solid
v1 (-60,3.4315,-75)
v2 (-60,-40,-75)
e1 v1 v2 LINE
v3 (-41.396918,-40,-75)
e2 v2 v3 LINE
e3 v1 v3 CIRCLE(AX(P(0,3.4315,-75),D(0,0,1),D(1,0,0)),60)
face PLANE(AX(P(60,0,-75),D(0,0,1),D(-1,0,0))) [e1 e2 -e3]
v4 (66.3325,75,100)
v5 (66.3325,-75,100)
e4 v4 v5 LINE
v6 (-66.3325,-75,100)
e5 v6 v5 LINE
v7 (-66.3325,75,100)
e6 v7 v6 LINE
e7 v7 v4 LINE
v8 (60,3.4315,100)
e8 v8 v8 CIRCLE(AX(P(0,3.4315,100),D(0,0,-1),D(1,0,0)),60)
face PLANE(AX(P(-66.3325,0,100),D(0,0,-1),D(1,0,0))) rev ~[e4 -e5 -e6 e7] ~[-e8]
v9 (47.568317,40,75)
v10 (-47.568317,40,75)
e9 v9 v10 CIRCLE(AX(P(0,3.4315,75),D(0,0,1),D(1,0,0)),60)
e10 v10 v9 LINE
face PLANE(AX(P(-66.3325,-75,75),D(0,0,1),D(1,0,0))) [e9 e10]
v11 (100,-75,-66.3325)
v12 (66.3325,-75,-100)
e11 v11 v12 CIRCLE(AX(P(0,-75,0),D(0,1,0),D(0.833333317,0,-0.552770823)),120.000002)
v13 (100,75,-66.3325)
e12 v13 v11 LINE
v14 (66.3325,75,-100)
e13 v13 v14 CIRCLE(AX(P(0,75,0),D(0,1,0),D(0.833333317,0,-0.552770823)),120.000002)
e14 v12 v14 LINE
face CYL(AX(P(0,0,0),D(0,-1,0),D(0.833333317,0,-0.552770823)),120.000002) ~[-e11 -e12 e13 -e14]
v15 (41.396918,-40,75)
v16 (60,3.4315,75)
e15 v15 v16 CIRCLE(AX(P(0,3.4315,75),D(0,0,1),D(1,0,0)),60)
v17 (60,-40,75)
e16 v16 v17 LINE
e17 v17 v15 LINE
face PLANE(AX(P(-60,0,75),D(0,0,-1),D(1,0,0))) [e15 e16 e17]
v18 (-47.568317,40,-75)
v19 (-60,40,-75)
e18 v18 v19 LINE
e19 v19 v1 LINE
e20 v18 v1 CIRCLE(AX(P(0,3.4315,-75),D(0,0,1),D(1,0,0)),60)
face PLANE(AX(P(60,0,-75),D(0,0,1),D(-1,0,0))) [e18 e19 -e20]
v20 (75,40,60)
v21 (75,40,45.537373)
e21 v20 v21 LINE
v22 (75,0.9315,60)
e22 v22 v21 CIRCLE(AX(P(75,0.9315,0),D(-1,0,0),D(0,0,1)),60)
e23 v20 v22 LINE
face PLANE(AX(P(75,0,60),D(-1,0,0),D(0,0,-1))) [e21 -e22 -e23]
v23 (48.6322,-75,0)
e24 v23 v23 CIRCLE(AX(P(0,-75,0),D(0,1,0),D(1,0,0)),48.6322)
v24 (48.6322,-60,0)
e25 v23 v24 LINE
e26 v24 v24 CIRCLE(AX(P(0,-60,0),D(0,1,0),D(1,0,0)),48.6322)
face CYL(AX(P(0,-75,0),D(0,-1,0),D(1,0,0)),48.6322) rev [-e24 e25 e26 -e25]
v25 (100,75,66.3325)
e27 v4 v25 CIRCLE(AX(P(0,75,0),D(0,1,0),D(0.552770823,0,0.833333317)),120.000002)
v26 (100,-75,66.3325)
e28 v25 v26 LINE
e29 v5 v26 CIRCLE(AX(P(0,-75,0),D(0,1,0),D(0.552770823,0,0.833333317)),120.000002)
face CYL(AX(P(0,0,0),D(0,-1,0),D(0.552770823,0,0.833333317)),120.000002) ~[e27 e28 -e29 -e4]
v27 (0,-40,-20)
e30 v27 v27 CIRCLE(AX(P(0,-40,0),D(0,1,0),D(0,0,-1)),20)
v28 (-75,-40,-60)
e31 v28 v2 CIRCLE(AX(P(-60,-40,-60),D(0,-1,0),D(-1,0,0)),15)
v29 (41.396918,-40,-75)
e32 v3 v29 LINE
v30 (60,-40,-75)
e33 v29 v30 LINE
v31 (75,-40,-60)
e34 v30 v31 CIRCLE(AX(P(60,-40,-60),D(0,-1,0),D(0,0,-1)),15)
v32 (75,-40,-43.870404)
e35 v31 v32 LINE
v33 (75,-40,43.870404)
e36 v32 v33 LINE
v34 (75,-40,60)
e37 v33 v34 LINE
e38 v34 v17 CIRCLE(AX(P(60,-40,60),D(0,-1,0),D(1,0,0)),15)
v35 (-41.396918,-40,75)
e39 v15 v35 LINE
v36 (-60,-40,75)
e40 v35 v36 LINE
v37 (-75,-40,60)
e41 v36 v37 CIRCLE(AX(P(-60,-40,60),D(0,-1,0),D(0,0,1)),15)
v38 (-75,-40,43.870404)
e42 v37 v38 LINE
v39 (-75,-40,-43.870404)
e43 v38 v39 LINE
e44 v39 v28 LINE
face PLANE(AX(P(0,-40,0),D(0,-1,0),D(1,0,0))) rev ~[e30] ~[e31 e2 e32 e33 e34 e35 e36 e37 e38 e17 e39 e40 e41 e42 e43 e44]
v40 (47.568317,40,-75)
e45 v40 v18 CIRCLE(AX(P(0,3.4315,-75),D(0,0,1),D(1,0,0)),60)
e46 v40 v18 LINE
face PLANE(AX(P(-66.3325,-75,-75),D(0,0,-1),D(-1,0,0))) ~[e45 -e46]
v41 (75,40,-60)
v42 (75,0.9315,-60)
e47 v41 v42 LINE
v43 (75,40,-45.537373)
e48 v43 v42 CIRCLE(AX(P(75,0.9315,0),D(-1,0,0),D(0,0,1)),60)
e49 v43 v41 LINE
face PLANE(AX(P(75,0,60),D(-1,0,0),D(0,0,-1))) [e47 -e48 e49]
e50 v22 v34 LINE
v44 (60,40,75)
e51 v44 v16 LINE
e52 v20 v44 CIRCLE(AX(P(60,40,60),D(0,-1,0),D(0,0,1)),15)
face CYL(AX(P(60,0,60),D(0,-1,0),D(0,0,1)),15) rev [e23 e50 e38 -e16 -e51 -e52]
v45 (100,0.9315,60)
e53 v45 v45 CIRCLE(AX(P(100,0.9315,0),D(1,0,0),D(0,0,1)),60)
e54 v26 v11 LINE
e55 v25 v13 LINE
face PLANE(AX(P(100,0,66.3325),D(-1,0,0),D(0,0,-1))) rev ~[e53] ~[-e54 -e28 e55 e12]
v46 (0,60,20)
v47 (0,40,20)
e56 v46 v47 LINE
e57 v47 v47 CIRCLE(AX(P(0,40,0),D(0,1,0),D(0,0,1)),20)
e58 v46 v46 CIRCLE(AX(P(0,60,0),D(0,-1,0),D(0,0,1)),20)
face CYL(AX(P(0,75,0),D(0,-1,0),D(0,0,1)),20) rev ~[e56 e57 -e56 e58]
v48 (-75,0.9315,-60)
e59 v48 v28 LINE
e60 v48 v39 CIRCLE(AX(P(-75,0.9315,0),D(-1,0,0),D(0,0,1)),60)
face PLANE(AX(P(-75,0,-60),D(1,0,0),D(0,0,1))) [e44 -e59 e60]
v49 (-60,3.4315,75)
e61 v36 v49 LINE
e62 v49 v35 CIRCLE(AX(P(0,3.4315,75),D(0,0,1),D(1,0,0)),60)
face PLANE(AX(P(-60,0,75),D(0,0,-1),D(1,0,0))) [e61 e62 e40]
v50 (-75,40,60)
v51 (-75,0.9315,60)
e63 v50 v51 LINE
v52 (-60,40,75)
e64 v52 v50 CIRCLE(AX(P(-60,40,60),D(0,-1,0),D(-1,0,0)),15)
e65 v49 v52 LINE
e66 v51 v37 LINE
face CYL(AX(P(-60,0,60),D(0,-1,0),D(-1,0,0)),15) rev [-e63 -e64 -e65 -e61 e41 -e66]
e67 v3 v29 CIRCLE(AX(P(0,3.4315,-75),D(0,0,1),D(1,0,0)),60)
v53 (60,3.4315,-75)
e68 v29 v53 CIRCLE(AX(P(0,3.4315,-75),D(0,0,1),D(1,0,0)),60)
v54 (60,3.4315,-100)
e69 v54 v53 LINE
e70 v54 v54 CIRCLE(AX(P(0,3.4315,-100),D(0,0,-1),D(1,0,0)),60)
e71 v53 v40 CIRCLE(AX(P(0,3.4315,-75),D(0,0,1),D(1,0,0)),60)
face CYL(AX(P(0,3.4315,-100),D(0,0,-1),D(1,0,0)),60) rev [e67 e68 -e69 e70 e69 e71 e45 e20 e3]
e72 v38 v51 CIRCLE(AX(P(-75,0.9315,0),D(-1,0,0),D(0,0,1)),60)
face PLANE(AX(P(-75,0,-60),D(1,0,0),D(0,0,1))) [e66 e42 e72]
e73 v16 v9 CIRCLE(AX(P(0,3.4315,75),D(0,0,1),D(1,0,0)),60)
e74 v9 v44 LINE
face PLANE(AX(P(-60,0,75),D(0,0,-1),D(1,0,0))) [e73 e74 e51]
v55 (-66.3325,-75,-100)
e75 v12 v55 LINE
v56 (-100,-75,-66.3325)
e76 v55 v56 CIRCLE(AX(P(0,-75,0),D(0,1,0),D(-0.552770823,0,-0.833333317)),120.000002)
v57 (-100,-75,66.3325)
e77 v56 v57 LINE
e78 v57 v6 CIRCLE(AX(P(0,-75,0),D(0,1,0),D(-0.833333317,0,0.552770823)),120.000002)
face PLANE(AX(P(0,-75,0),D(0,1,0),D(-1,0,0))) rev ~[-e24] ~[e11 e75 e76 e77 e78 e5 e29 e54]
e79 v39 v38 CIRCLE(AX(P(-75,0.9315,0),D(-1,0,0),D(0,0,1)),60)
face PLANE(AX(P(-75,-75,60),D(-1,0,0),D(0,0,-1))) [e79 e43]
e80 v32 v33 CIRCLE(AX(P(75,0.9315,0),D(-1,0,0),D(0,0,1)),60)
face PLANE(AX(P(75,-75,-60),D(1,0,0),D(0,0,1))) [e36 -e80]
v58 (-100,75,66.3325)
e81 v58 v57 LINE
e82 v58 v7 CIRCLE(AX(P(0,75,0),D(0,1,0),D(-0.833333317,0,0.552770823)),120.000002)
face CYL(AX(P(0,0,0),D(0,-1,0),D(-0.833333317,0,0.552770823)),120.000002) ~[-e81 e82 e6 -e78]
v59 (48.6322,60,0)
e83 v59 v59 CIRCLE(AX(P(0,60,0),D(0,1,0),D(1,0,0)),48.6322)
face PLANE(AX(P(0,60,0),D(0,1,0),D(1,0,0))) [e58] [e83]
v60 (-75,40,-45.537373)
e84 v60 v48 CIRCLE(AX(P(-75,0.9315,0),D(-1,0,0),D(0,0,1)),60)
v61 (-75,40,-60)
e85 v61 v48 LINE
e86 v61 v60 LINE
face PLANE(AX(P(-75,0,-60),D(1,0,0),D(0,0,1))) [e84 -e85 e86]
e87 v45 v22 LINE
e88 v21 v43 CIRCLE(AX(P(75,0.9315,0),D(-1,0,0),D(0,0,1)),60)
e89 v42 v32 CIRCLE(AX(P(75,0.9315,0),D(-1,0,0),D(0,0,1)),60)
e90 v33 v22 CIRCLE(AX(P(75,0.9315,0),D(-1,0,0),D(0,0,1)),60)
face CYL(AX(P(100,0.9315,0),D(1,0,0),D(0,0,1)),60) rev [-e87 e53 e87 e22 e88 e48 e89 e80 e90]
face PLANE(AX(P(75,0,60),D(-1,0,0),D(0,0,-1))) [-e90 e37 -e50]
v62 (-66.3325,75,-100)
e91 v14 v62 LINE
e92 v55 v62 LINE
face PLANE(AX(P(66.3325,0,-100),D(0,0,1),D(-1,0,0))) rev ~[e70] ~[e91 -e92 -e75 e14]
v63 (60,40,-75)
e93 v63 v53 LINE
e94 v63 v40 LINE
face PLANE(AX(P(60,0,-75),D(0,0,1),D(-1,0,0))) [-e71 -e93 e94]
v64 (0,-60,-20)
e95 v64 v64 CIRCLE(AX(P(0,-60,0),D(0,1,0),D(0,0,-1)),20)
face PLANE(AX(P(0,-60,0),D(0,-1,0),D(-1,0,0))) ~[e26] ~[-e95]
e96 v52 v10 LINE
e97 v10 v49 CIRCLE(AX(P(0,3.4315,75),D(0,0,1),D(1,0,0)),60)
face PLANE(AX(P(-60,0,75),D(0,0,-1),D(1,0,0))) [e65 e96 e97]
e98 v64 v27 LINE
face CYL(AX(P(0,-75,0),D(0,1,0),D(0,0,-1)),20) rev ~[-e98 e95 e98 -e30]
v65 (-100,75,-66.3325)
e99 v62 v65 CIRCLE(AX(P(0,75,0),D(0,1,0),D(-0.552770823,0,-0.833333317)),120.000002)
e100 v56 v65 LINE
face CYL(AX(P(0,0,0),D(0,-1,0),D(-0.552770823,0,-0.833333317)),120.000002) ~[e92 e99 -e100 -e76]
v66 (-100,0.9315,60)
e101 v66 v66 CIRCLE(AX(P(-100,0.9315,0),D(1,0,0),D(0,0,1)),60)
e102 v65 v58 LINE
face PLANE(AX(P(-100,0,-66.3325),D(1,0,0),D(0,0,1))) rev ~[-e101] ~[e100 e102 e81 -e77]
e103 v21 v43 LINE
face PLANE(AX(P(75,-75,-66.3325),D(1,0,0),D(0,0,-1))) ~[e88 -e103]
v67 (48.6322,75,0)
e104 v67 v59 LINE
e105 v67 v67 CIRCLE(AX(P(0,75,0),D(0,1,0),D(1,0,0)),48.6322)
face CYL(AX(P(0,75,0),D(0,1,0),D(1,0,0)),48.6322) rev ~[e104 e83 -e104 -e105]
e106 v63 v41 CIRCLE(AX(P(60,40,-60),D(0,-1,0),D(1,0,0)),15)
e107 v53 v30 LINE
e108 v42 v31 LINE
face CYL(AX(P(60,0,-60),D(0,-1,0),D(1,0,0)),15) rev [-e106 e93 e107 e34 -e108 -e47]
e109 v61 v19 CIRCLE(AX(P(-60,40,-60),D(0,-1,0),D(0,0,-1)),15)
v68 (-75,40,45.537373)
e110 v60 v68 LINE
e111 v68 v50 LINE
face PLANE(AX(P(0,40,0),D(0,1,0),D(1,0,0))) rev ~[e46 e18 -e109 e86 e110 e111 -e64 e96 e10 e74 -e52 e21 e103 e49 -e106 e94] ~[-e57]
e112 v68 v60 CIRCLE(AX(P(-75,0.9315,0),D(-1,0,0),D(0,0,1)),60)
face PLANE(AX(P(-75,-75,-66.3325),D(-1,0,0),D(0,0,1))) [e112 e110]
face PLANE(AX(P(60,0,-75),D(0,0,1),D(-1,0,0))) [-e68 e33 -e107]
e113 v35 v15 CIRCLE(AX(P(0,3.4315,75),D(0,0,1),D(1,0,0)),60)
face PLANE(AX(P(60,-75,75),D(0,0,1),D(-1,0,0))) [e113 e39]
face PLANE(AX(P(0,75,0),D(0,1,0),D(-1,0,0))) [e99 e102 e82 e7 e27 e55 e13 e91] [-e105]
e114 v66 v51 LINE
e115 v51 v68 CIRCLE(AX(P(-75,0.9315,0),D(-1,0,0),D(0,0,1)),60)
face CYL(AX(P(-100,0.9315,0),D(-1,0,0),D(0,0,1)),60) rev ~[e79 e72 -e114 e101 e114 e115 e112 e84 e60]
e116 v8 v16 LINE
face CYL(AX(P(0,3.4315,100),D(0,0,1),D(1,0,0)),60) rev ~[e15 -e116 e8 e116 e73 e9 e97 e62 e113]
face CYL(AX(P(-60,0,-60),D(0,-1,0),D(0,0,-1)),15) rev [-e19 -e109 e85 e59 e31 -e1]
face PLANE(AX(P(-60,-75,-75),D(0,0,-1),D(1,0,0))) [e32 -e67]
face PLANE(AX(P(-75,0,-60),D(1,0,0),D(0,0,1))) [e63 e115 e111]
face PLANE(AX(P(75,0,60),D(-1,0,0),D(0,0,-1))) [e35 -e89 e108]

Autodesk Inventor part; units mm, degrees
ref_plane "YZ Plane" through (0, 0, 0) normal (1, 0, 0) x (0, 1, 0)
ref_plane "XZ Plane" through (0, 0, 0) normal (0, 1, 0) x (-1, 0, 0)
ref_plane "XY Plane" through (0, 0, 0) normal (0, 0, 1) x (1, 0, 0)
sketch "Sketch1" plane through (0, 0, 0) normal (0, 1, 0) x (-1, 0, 0)
  line L0 (-66.3325, -100) -> (66.3325, -100)
  line L1 (100, -66.3325) -> (100, 66.3325)
  line L2 (66.3325, 100) -> (-66.3325, 100)
  line L3 (-100, 66.3325) -> (-100, -66.3325)
  line L4 (-100, -100) -> (100, 100) construction
  line L5 (100, -100) -> (-100, 100) construction
  arc A0 (100, 66.3325) -> (66.3325, 100) centre (0, 0) ccw
  arc A1 (66.3325, -100) -> (100, -66.3325) centre (0, 0) ccw
  arc A2 (-66.3325, 100) -> (-100, 66.3325) centre (0, 0) ccw
  arc A3 (-100, -66.3325) -> (-66.3325, -100) centre (0, 0) ccw
  line L6 (60, 75) -> (-60, 75)
  line L7 (-75, 60) -> (-75, -60)
  line L8 (-60, -75) -> (60, -75)
  line L9 (75, -60) -> (75, 60)
  line L10 (75, 75) -> (-75, -75) construction
  line L11 (-75, 75) -> (75, -75) construction
  arc A4 (75, 60) -> (60, 75) centre (60, 60) ccw
  arc A5 (60, -75) -> (75, -60) centre (60, -60) ccw
  arc A6 (-75, -60) -> (-60, -75) centre (-60, -60) ccw
  arc A7 (-60, 75) -> (-75, 60) centre (-60, 60) ccw
  dimension "d0" = 200
  dimension "d1" = 200
  dimension "d3" = 150
  dimension "d4" = 150
  dimension "d5" = 15
extrude "Extrusion1" add sketch "Sketch1" along normal mid plane 150
sketch "Sketch2" plane through (0, 75, 0) normal (0, 1, 0) x (1, 0, 0)
  line L0 (66.3325, 100) -> (-66.3325, 100)
  line L1 (-100, 100) -> (-100, -66.3325)
  line L2 (-100, -100) -> (100, -100)
  line L3 (100, -66.3325) -> (100, 100)
  line L4 (100, 100) -> (-100, -100) construction
  line L5 (-100, 100) -> (100, -100) construction
  arc A0 (-100, -66.3325) -> (-66.3325, -100) centre (0, 0) ccw
  arc A1 (-66.3325, 100) -> (-100, 66.3325) centre (0, 0) ccw
  arc A2 (66.3325, -100) -> (100, -66.3325) centre (0, 0) ccw
  arc A3 (100, 66.3325) -> (66.3325, 100) centre (0, 0) ccw
  dimension "d8" = 200
  dimension "d9" = 200
extrude "Extrusion2" add sketch "Sketch2" against normal blind 35
hole "Hole1" at (0, 75, 0) direction (0, -1, 0) diameter 40 end through all
sketch "Sketch3" plane through (-66.3325, -75, 100) normal (0, 0, 1) x (1, 0, 0)
  line L0 (46.3325, 185) -> (86.3325, 185)
  line L1 (86.3325, 185) -> (86.3325, 135)
  line L2 (46.3325, 115) -> (46.3325, 185)
  line L3 (132.665, 150) -> (0, 150) projected
  line L4 (46.3325, 185) -> (86.3325, 115) construction
  line L5 (86.3325, 185) -> (46.3325, 115) construction
  line L6 (86.3325, 115) -> (86.3325, 150) projected
  line L7 (46.3325, 165) -> (86.3325, 165)
  line L8 (86.3325, 165) -> (86.3325, 135)
  line L9 (46.3325, 135) -> (46.3325, 165)
  line L10 (46.3325, 165) -> (86.3325, 135) construction
  line L11 (86.3325, 165) -> (46.3325, 135) construction
  line L12 (86.3325, 135) -> (66.3325, 78.4315)
  line L13 (86.3325, 115) -> (79.2614, 115)
  line L14 (66.3325, 115) -> (46.3325, 115)
  line L15 (86.3325, 135) -> (74.9039, 135)
  line L16 (66.3325, 135) -> (46.3325, 135)
  line L17 (66.3325, 75) -> (66.3325, 115)
  circle A0 centre (66.3325, 78.4315) radius 60
  point P0 (66.3325, 150)
  dimension "d21" = 40
  dimension "d22" = 70
  dimension "d23" = 30
  dimension "d24" = 60
extrude "Extrusion3" cut sketch "Sketch3" against normal blind 25 contours A0 L12 L17 L14 L2 | L2 L14 L17 L12 L13 L6 A0 | L6 L13 L12
mirror "Mirror1" about plane through (0, 0, 0) normal (0, 0, 1) of "Extrusion3"
sketch "Sketch4" plane through (-100, -75, -66.3325) normal (-1, 0, 0) x (0, 0, 1)
  line L0 (86.3325, 115) -> (86.3325, 150) projected
  line L1 (46.3325, 185) -> (86.3325, 185)
  line L2 (86.3325, 185) -> (86.3325, 132.5)
  line L3 (46.3325, 115) -> (46.3325, 185)
  line L4 (46.3325, 150) -> (86.3325, 150) projected
  line L5 (46.3325, 185) -> (86.3325, 115) construction
  line L6 (86.3325, 185) -> (46.3325, 115) construction
  line L7 (46.3325, 167.5) -> (86.3325, 167.5)
  line L8 (86.3325, 167.5) -> (86.3325, 132.5)
  line L9 (46.3325, 132.5) -> (46.3325, 167.5)
  line L10 (46.3325, 167.5) -> (86.3325, 132.5) construction
  line L11 (86.3325, 167.5) -> (46.3325, 132.5) construction
  line L12 (66.3325, 75) -> (66.3325, 115)
  line L13 (86.3325, 132.5) -> (66.3325, 75.9315)
  line L14 (86.3325, 132.5) -> (76.3325, 132.5)
  line L15 (56.3325, 132.5) -> (46.3325, 132.5)
  line L16 (66.3325, 115) -> (46.3325, 115)
  circle A0 centre (66.3325, 75.9315) radius 60
  point P0 (66.3325, 150)
  dimension "d27" = 60
extrude "Extrusion4" cut sketch "Sketch4" against normal blind 25 contours A0 L3 L16 L12 L13 | L13 L12 L16 L3 A0
mirror "Mirror2" about plane through (0, 0, 0) normal (1, 0, 0) of "Extrusion4"
sketch "Sketch5" plane through (0, 0, 0) normal (1, 0, 0) x (0, 1, 0)
  point P0 (0, 0)
sketch "Sketch6" plane through (0, -75, 0) normal (0, -1, 0) x (1, 0, 0)
  line L0 (-60, -75) -> (60, -75)
  line L1 (75, -60) -> (75, 60)
  line L2 (60, 75) -> (-60, 75)
  line L3 (-75, 60) -> (-75, -60)
  line L4 (-75, -75) -> (75, 75) construction
  line L5 (75, -75) -> (-75, 75) construction
  arc A0 (75, 60) -> (60, 75) centre (60, 60) ccw
  arc A1 (60, -75) -> (75, -60) centre (60, -60) ccw
  arc A2 (-75, -60) -> (-60, -75) centre (-60, -60) ccw
  arc A3 (-60, 75) -> (-75, 60) centre (-60, 60) ccw
  point P0 (0, 0)
  dimension "d21" = 40
  dimension "d30" = 150
  dimension "d31" = 150
  dimension "d32" = 15
extrude "Extrusion5" add sketch "Sketch6" against normal blind 35
hole "Hole2" at (0, -75, 0) direction (0, 1, 0) diameter 40 end through all
sketch "Sketch7" plane through (0, 0, 0) normal (0, 0, 1) x (1, 0, 0)
  line L0 (47.5683, 40) -> (-47.5683, 40) projected
  line L1 (66.3325, 75) -> (-66.3325, 75) projected
  point P0 (0, 0)
  point P1 (47.5683, 75)
sketch "Sketch8" plane through (0, 75, 0) normal (0, 1, 0) x (1, 0, 0)
  circle A0 centre (0, 0) radius 48.6322
extrude "Extrusion6" cut sketch "Sketch8" against normal blind 15
mirror "Mirror3" about plane through (0, 0, 0) normal (0, 1, 0) of "Extrusion6"
sketch "Sketch9" plane through (0, 0, 0) normal (0, 1, 0) x (-1, 0, 0)
  circle A0 centre (0, 0) radius 20
properties part number "hub"
